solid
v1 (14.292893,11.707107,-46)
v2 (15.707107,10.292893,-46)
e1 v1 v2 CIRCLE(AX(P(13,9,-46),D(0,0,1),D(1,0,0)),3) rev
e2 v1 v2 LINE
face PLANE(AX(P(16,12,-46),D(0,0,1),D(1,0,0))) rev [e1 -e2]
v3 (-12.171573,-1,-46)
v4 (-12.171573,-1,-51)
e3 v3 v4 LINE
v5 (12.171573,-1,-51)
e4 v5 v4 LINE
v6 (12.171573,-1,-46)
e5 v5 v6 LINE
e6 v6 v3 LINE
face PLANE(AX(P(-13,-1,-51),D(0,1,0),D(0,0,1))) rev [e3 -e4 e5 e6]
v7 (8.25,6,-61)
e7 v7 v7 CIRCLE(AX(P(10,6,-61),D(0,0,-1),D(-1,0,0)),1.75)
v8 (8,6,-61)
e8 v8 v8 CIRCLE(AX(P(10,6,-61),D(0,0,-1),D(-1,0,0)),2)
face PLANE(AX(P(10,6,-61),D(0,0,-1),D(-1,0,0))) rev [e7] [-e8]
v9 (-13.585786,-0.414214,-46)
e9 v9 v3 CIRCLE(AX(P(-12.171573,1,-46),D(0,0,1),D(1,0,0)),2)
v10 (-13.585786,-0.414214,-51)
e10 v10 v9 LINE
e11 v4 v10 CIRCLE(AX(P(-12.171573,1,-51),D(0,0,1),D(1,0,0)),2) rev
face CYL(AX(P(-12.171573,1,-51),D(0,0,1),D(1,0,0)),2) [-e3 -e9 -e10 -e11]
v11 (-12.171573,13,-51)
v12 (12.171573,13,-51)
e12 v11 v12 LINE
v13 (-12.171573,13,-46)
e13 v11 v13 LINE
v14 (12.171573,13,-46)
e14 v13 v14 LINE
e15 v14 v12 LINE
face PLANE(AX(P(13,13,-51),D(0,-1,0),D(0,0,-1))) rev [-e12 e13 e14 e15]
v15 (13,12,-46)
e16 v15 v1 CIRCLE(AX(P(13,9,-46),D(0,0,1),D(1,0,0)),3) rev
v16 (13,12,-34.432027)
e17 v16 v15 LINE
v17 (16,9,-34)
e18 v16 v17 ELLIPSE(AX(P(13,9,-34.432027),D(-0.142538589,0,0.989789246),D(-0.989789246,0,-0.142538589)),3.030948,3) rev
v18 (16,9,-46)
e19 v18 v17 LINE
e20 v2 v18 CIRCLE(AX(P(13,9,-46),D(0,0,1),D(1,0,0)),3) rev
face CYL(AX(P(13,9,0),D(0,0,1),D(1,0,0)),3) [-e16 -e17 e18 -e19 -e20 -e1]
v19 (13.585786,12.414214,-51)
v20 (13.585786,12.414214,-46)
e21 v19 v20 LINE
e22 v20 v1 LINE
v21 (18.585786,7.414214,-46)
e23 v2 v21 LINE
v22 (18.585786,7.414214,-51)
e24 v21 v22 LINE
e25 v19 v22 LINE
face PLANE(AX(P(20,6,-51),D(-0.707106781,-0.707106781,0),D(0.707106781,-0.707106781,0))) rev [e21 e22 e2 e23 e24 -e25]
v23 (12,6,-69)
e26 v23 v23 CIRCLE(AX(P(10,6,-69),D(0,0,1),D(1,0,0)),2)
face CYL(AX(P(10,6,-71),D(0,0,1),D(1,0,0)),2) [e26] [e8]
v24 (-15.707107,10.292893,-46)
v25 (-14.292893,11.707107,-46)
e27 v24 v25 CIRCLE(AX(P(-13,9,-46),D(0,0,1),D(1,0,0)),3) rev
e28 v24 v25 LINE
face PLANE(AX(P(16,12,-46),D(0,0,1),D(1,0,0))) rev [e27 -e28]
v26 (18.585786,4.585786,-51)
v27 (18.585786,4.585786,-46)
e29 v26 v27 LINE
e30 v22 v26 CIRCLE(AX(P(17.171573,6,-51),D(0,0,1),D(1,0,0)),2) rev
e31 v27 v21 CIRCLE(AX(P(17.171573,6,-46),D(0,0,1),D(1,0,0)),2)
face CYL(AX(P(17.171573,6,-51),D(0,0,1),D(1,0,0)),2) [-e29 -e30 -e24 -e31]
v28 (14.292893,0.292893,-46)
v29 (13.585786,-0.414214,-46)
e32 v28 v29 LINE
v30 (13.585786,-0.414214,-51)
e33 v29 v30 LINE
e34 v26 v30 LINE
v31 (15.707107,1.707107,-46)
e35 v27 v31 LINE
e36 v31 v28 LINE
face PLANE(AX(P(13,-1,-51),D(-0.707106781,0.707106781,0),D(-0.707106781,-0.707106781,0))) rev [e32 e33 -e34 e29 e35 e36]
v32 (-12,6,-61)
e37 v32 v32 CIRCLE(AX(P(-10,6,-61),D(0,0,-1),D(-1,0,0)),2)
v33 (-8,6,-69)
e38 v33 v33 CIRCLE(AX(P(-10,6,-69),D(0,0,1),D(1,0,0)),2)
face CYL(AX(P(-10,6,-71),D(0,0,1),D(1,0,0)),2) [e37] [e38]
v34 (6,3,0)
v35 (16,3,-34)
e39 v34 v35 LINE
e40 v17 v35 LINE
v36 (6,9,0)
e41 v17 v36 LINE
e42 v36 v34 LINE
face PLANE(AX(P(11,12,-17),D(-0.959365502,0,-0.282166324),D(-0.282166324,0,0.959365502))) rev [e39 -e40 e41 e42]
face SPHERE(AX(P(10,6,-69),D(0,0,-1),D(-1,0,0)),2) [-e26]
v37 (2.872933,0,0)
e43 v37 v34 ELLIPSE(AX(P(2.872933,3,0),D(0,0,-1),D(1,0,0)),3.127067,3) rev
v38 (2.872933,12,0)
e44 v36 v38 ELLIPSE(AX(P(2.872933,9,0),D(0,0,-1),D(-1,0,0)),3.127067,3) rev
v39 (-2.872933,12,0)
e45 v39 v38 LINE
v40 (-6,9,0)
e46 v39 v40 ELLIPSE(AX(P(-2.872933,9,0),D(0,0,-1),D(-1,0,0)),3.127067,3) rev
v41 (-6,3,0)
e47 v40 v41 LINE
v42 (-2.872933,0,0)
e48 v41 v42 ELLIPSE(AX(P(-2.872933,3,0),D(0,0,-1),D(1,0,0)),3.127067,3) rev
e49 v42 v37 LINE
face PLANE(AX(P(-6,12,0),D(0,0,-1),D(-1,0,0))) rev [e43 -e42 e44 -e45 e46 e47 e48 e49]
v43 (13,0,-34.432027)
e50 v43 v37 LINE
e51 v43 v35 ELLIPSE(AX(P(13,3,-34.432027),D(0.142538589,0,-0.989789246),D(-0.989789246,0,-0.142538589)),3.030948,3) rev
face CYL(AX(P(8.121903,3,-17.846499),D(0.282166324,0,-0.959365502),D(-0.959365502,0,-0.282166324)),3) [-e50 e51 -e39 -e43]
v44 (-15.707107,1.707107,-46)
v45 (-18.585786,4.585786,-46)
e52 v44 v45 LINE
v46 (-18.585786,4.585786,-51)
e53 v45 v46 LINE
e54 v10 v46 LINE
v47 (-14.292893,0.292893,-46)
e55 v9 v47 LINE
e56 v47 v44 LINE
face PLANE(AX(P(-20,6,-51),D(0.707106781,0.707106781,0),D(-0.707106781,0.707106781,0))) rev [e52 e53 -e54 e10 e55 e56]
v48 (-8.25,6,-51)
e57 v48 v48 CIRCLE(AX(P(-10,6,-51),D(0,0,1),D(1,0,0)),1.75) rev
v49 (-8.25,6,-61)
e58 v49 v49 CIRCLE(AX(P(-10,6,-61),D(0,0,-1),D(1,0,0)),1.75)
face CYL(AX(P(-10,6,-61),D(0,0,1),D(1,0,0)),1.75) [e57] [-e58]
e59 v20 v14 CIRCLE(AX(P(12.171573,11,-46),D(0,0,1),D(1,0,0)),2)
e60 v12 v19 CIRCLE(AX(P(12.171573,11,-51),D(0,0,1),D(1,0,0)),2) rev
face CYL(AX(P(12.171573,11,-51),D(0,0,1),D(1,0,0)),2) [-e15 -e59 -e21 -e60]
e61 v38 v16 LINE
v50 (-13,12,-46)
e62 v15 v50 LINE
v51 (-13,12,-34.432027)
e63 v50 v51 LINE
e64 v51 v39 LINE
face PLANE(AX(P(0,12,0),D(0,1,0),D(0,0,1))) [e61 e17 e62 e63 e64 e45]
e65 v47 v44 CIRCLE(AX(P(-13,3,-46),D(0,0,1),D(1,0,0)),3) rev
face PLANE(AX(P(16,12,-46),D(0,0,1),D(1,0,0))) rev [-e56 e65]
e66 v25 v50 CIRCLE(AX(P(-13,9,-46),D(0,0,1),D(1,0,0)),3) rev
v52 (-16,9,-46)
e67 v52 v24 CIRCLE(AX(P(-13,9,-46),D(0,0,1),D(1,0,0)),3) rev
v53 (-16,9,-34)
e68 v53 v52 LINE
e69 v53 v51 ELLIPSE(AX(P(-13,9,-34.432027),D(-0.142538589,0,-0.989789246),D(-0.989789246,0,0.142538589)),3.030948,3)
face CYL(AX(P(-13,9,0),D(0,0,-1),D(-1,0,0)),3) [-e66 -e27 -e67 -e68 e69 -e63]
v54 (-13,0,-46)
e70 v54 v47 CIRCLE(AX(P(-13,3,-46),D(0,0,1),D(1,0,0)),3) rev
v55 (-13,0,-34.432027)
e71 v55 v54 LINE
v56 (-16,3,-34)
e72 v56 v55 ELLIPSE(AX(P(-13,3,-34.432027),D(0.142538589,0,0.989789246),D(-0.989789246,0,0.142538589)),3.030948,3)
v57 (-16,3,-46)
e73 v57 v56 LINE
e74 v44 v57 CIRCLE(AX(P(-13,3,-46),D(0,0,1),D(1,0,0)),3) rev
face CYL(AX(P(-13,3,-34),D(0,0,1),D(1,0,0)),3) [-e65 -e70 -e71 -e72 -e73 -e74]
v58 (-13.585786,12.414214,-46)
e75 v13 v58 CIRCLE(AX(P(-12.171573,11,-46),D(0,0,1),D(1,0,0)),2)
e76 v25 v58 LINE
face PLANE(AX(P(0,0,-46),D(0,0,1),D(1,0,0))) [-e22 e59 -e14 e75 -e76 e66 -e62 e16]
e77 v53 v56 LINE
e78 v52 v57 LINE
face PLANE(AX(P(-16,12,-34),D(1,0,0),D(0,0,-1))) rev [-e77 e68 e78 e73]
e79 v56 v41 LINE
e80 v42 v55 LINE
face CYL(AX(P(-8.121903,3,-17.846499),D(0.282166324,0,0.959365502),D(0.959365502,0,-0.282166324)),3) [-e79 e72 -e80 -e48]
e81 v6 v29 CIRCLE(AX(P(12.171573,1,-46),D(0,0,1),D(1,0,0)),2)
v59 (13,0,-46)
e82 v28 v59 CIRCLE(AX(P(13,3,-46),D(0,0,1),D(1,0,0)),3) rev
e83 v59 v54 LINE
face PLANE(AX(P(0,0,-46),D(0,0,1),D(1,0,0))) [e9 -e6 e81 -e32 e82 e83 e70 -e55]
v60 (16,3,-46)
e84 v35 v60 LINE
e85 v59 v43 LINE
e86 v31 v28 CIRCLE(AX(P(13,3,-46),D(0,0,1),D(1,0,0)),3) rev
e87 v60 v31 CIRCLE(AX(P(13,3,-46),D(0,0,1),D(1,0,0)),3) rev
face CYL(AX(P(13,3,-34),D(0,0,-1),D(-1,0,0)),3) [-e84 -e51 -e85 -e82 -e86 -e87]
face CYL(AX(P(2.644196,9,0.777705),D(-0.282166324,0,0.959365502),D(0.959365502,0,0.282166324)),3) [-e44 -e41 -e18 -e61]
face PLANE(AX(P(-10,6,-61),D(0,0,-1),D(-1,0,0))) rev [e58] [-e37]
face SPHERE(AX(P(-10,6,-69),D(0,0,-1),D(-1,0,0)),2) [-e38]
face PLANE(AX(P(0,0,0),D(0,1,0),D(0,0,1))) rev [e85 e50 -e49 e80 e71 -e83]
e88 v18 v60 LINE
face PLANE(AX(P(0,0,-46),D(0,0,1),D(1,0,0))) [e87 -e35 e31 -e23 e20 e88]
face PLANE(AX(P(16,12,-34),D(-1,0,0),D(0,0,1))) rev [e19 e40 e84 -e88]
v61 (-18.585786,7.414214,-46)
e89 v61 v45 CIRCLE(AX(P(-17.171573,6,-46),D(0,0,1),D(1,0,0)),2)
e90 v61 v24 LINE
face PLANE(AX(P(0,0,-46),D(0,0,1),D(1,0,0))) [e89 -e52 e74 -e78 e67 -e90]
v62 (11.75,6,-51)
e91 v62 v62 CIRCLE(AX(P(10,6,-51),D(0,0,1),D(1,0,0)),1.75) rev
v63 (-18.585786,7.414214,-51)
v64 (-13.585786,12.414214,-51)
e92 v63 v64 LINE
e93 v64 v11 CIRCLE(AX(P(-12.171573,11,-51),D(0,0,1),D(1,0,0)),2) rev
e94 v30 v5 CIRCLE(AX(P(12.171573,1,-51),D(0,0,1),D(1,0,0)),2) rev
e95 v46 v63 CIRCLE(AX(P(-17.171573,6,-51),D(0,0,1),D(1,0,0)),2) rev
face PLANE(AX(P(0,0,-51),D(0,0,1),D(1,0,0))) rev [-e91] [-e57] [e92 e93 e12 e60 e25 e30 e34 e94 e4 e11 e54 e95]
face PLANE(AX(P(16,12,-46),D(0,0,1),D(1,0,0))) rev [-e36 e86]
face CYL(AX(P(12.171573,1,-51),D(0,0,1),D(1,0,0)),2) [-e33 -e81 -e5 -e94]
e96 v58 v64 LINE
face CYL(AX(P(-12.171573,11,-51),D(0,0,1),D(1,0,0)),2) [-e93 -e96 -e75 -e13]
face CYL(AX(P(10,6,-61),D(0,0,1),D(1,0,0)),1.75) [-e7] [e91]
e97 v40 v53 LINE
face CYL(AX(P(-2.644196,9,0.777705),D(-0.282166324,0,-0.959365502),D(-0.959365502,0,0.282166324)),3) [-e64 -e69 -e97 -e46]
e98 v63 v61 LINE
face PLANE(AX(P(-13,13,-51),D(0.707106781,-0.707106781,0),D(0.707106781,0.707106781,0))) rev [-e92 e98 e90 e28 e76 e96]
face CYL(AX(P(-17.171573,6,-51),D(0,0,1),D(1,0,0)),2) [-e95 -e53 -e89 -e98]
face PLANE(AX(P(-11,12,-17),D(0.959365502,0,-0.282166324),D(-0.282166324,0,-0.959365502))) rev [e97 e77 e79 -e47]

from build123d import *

# Parameters (mm, degrees)
BOSS_EXTRUDE1_DEPTH = 12
FILLET1_R           = 3
BOSS_EXTRUDE2_DEPTH = 5
FILLET2_R           = 2
SKETCH4_R           = 1.75
BOSS_EXTRUDE3_DEPTH = 10
SKETCH5_R           = 2
BOSS_EXTRUDE4_DEPTH = 10
FILLET3_R           = 2


with BuildPart() as part:
    # Sketch1 → Boss-Extrude1 (new body)
    with BuildSketch(Plane(origin=(0, 0, 0), x_dir=(1, 0, 0), z_dir=(0, 1, 0))):
        Polygon((-6, 0), (6, 0), (11, 17), (16, 34), (16, 46), (-16, 46), (-16, 34), (-11, 17), align=None)
    extrude(amount=BOSS_EXTRUDE1_DEPTH)

    # Fillet1
    fillet1_edges = [part.edges().sort_by_distance(p)[0] for p in [
        (11, 12, -17),
        (16, 12, -40),
        (-16, 12, -40),
        (-11, 12, -17),
        (-11, 0, -17),
        (-16, 0, -40),
        (16, 0, -40),
        (11, 0, -17),
    ]]
    fillet(fillet1_edges, radius=FILLET1_R)

    # Sketch3 → Boss-Extrude2 (add)
    with BuildSketch(Plane(origin=(0, 0, -46), x_dir=(-1, 0, 0), z_dir=(0, 0, -1))):
        Polygon((-13, 13), (13, 13), (20, 6), (13, -1), (-13, -1), (-20, 6), align=None)
    extrude(amount=BOSS_EXTRUDE2_DEPTH)

    # Fillet2
    fillet2_edges = [part.edges().sort_by_distance(p)[0] for p in [
        (13, 13, -48.5),
        (20, 6, -48.5),
        (13, -1, -48.5),
        (-13, -1, -48.5),
        (-20, 6, -48.5),
        (-13, 13, -48.5),
    ]]
    fillet(fillet2_edges, radius=FILLET2_R)

    # Sketch4 → Boss-Extrude3 (add)
    with BuildSketch(Plane(origin=(0, 0, -51), x_dir=(-1, 0, 0), z_dir=(0, 0, -1))):
        with Locations((-10, 6)):
            Circle(SKETCH4_R)
        with Locations((10, 6)):
            Circle(SKETCH4_R)
    extrude(amount=BOSS_EXTRUDE3_DEPTH)

    # Sketch5 → Boss-Extrude4 (add)
    with BuildSketch(Plane(origin=(0, 0, -61), x_dir=(-1, 0, 0), z_dir=(0, 0, -1))):
        with Locations((10, 6)):
            Circle(SKETCH5_R)
        with Locations((-10, 6)):
            Circle(SKETCH5_R)
    extrude(amount=BOSS_EXTRUDE4_DEPTH)

    # Fillet3
    fillet3_edges = [part.edges().sort_by_distance(p)[0] for p in [
        (-8, 6, -71),
        (12, 6, -71),
    ]]
    fillet(fillet3_edges, radius=FILLET3_R)


solid = part.part
